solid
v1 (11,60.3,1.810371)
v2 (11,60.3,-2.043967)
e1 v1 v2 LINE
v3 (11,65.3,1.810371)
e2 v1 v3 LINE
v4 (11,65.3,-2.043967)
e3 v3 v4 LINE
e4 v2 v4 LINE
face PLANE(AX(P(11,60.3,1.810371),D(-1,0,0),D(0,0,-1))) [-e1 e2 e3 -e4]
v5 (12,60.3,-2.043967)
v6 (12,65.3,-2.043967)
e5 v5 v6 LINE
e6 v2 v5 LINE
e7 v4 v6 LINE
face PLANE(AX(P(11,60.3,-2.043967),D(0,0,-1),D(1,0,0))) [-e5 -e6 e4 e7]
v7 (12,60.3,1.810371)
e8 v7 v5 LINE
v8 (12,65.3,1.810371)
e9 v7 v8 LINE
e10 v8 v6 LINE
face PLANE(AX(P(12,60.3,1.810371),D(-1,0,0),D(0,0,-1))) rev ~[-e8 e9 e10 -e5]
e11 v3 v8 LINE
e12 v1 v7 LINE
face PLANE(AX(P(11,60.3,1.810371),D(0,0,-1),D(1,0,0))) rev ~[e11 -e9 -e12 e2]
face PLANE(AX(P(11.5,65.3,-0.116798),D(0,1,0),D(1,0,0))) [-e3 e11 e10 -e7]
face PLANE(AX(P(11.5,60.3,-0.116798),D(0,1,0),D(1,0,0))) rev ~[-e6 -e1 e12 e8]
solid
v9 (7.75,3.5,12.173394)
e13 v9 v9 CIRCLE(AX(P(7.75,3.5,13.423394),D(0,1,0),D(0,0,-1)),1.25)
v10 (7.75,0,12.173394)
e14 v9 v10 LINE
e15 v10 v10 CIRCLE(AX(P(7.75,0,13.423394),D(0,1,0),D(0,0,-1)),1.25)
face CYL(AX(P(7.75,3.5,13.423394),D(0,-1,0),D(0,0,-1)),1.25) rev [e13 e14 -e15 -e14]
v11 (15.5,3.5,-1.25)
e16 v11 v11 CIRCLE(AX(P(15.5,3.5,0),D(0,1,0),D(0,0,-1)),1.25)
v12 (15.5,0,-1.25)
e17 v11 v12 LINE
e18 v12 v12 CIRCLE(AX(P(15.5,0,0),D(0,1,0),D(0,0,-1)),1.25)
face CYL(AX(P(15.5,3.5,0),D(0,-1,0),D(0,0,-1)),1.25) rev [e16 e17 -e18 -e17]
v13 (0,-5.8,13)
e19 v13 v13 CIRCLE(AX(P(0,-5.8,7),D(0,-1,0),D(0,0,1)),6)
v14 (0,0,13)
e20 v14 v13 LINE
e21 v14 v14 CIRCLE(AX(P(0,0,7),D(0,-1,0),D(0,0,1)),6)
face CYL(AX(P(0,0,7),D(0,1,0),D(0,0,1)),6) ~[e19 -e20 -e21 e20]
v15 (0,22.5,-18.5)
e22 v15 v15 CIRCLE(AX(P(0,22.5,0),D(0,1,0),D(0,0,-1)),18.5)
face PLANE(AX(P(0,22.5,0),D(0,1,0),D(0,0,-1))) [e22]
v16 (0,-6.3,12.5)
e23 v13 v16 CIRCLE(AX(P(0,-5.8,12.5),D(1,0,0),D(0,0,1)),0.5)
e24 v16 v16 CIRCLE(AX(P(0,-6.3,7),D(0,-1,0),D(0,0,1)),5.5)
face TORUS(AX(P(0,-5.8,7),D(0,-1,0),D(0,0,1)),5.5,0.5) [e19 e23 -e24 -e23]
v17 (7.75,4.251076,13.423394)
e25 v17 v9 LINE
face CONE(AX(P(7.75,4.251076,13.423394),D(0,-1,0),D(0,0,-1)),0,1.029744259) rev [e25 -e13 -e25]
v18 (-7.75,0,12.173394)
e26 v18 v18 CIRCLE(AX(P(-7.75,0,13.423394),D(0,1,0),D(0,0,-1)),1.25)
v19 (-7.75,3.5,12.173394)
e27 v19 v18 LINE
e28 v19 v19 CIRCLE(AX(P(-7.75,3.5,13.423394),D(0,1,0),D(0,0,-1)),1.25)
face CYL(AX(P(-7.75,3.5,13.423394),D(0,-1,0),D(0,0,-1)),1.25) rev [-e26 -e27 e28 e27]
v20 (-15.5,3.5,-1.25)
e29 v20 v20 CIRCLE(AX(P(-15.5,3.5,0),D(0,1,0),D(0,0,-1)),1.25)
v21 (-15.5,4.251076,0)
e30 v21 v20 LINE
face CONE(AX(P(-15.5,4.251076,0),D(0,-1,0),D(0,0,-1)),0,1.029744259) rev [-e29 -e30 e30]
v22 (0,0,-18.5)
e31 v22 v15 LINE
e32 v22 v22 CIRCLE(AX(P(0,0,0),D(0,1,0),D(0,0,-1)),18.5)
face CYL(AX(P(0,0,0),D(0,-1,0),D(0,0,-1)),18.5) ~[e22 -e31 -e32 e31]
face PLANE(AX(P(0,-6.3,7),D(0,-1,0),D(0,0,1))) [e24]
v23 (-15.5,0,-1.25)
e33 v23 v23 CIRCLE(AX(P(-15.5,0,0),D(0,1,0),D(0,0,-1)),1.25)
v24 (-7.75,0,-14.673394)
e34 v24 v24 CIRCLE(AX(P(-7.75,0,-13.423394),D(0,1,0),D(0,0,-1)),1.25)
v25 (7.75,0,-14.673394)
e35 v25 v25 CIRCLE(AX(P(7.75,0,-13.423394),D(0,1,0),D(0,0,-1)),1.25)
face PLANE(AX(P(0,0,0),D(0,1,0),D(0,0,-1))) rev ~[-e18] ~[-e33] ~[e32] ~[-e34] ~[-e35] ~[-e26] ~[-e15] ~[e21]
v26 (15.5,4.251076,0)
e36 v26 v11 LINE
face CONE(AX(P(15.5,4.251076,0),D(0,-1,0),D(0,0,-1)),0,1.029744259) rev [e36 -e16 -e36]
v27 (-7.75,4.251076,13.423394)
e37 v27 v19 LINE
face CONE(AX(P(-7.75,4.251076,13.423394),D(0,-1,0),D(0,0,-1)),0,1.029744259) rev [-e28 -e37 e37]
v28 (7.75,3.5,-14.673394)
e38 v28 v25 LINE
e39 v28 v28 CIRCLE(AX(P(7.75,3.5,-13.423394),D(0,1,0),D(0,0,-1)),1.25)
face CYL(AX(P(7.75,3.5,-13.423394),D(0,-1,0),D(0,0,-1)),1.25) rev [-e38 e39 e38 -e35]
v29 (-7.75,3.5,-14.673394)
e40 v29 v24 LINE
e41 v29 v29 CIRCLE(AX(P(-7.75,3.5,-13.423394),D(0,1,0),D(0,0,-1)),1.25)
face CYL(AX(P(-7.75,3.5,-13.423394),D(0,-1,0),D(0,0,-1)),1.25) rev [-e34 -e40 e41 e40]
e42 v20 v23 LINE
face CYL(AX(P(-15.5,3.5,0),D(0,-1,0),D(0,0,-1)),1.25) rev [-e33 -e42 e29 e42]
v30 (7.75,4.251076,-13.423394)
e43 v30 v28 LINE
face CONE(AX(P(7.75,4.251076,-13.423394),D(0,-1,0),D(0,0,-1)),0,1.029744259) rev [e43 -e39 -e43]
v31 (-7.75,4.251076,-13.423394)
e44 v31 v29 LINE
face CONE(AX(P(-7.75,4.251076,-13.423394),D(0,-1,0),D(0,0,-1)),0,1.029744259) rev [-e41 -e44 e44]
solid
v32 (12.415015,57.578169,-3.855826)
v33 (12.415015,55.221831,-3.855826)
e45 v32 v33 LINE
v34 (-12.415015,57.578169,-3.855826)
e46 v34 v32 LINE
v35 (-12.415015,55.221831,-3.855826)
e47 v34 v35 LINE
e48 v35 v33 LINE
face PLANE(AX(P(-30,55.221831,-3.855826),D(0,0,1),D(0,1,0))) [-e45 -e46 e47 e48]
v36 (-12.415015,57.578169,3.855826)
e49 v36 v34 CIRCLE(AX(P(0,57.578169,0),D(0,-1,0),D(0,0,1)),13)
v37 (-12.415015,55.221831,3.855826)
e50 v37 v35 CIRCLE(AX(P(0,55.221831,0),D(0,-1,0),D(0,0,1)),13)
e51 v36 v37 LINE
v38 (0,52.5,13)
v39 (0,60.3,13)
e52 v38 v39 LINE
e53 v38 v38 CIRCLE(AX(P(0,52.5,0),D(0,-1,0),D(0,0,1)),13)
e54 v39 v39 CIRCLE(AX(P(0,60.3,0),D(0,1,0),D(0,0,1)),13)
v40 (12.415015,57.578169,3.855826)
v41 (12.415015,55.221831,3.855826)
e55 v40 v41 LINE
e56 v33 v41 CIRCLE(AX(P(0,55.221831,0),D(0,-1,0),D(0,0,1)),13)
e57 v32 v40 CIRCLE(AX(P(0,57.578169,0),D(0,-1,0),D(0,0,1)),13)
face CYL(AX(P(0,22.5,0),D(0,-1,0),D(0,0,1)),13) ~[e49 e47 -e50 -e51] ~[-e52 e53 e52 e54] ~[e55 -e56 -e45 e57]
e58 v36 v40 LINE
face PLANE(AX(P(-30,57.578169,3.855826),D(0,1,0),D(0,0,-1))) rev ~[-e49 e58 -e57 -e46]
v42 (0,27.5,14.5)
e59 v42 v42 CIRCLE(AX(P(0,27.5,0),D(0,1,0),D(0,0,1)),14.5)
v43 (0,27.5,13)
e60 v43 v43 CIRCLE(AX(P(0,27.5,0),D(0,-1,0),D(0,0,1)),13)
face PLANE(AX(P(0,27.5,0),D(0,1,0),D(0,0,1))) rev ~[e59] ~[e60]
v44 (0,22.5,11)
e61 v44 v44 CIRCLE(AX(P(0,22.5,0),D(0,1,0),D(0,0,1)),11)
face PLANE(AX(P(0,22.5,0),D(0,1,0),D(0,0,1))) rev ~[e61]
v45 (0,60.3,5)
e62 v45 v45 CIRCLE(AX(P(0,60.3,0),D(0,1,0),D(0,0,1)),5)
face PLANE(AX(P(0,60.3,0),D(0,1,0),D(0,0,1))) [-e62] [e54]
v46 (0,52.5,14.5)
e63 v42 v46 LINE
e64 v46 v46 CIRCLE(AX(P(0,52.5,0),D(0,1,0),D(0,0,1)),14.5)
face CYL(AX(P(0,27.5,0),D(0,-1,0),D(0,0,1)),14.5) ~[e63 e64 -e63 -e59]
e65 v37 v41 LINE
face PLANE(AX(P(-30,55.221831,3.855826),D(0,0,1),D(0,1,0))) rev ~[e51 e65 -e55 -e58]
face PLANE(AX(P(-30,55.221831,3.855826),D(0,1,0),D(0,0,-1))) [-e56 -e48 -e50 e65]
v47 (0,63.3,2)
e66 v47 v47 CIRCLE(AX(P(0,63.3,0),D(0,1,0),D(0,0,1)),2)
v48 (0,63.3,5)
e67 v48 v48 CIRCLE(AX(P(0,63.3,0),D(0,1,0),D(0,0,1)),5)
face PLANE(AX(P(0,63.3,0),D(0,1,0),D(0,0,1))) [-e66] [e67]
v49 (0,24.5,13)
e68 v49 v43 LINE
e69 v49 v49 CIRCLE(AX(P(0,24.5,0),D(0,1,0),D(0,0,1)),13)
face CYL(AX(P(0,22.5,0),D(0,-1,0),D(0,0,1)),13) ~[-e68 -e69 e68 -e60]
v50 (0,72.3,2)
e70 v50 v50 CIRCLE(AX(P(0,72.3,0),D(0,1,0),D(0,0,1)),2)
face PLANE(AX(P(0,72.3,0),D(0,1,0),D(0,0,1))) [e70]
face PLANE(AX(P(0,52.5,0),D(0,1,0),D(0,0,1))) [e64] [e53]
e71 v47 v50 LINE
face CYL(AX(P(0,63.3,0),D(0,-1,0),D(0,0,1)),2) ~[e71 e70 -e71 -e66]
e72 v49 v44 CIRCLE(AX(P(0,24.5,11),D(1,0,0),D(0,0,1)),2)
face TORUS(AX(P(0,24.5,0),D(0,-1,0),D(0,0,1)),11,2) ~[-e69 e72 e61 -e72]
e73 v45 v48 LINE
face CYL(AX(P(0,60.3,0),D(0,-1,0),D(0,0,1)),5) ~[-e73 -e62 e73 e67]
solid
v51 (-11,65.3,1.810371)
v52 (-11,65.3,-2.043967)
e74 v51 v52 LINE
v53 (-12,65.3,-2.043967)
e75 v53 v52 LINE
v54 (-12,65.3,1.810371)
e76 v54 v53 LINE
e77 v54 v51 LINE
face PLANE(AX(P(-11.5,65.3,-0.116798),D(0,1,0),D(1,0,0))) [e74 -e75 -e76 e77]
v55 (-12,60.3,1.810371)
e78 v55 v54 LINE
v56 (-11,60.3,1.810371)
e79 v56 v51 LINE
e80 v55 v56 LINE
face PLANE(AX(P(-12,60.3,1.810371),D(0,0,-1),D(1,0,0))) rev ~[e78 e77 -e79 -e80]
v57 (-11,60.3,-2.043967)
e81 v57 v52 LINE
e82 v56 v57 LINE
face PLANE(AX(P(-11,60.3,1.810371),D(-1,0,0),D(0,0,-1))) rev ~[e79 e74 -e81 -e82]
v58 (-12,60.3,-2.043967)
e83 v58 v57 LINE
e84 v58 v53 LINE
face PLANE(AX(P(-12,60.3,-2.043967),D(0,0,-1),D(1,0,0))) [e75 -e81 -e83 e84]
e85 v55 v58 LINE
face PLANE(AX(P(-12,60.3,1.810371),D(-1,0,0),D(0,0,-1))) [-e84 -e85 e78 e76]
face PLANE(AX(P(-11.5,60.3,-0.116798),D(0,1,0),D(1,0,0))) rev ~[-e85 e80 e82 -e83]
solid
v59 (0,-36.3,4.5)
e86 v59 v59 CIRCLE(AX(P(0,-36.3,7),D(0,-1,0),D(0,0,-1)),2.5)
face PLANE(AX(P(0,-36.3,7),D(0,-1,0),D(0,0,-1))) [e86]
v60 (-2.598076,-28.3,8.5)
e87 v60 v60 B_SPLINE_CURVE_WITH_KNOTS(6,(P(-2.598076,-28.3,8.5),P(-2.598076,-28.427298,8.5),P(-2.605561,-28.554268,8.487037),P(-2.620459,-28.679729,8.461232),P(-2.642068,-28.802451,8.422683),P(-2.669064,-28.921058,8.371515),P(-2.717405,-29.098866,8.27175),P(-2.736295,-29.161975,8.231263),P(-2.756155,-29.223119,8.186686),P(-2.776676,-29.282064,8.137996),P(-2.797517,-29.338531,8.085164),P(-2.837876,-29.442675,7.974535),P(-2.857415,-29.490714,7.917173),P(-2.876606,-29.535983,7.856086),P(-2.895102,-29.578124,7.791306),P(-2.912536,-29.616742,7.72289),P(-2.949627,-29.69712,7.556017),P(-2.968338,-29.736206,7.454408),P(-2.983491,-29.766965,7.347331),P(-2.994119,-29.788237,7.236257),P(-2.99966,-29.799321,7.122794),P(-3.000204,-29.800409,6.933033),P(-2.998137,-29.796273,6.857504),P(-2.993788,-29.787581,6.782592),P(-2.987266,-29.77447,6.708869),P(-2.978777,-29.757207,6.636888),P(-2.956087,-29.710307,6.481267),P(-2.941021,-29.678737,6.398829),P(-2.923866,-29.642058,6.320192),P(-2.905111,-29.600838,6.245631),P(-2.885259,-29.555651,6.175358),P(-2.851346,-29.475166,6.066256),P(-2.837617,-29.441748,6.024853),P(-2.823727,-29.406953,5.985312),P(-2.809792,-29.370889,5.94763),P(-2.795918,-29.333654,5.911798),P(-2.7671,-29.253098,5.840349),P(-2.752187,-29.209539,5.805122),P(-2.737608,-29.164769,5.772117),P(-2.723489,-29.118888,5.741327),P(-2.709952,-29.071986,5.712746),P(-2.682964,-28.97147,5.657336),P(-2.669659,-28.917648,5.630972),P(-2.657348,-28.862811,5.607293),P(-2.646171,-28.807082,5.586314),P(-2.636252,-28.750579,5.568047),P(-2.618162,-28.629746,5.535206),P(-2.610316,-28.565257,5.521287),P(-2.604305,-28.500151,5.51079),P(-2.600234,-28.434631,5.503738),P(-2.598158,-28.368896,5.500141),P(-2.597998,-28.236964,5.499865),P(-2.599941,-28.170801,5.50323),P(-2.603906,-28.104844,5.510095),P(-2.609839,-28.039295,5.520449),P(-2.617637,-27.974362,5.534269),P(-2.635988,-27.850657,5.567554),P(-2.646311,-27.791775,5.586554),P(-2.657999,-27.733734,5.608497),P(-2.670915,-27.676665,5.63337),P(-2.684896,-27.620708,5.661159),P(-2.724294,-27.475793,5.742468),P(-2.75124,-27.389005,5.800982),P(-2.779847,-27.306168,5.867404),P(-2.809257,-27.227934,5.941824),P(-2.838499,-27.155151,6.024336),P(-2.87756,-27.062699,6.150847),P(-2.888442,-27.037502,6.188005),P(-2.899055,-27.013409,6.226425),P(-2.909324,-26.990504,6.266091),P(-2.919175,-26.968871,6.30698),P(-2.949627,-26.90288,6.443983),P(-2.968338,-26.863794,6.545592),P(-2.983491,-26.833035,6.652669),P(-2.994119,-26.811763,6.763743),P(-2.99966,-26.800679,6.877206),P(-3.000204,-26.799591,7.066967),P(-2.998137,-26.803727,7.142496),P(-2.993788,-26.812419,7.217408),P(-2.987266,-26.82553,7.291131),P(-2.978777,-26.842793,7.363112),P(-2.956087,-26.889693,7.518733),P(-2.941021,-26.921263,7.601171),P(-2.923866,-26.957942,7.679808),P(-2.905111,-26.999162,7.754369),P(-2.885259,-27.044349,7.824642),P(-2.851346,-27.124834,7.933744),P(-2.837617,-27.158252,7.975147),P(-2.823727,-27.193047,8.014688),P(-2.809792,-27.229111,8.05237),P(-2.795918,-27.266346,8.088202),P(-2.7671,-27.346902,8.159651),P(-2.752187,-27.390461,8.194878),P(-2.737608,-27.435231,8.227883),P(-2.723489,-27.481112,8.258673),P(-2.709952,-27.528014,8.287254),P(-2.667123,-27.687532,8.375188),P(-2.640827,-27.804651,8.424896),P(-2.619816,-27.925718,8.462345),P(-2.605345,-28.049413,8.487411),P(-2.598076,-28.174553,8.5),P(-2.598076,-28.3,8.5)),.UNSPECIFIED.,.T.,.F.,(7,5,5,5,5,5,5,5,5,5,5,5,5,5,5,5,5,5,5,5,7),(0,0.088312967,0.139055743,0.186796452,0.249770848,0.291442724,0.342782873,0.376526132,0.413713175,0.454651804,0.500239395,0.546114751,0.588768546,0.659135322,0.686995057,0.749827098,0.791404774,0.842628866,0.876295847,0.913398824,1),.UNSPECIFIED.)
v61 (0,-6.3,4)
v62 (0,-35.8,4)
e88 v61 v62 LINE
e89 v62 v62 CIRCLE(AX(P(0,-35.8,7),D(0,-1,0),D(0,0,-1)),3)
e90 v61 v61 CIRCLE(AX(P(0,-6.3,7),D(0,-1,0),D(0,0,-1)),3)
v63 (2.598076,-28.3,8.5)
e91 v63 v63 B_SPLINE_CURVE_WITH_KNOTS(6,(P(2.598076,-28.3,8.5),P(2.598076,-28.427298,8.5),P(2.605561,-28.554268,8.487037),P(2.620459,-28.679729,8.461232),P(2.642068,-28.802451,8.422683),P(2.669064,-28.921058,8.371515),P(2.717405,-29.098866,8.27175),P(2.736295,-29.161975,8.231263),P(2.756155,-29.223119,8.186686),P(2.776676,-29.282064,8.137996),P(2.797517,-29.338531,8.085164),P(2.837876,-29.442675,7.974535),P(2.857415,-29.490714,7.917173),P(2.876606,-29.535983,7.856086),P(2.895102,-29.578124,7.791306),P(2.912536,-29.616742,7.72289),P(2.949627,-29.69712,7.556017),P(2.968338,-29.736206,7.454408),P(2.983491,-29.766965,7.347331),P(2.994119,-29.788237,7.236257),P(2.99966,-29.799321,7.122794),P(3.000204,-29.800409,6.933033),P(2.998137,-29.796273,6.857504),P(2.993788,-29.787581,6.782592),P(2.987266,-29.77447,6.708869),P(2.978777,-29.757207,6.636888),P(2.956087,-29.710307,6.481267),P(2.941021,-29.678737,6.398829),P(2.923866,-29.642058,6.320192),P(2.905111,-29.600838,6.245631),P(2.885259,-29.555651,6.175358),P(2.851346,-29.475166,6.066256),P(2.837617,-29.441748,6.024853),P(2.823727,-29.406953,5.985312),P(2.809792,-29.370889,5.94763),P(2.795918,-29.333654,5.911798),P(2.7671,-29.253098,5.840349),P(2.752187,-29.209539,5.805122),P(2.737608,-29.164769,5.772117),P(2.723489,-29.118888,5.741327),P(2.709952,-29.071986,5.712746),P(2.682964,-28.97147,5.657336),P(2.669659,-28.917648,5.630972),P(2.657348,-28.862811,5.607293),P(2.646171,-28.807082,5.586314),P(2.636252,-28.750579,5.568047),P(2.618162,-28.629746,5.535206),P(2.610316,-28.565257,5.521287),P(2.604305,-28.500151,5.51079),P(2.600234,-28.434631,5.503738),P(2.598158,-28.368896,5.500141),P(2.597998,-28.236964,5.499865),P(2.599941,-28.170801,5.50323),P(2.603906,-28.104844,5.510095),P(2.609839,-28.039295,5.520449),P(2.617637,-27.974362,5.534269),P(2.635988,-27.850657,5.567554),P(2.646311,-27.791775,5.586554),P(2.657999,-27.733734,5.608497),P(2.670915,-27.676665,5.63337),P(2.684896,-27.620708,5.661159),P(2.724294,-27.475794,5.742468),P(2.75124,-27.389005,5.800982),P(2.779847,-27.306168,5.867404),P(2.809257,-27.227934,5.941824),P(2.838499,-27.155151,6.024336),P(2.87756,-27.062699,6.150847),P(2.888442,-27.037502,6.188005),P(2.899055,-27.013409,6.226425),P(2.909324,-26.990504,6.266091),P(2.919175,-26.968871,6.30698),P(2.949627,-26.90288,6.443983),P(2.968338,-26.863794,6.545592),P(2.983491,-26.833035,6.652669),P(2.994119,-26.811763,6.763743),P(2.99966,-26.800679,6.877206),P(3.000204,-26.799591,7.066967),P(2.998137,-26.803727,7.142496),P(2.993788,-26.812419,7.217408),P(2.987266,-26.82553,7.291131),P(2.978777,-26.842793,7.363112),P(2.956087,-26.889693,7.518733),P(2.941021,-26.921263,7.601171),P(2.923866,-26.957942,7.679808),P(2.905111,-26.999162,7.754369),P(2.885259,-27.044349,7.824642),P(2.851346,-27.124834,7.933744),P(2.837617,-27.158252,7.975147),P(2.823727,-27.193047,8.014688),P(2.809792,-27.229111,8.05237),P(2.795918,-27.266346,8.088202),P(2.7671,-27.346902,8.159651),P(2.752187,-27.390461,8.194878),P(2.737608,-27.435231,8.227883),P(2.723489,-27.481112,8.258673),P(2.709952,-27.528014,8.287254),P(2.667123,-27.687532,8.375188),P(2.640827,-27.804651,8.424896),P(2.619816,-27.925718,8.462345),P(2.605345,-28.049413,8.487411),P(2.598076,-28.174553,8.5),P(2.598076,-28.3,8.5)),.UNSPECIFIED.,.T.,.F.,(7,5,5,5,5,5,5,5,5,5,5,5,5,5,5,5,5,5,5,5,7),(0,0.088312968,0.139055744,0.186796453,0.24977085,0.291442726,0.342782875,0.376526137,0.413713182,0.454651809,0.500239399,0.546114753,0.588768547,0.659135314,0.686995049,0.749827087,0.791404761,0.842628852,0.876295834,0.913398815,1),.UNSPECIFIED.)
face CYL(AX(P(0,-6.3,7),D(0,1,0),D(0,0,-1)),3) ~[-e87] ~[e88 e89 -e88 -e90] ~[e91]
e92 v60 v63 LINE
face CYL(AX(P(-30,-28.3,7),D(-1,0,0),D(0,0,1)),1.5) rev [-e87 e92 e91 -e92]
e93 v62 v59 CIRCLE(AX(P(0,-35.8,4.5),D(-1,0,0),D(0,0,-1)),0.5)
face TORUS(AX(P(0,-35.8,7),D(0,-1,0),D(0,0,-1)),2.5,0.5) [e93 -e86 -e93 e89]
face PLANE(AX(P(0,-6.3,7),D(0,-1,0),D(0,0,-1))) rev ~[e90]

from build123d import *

# Parameters (mm, degrees)
SKETCH1_R                  = 18.5
BOSS_EXTRUDE1_DEPTH        = 22.5
SKETCH2_R                  = 13
BOSS_EXTRUDE2_DEPTH        = 37.8
SKETCH3_R                  = 14.5
BOSS_EXTRUDE3_DEPTH        = 25
FILLET1_R                  = 2
SKETCH4_R                  = 6
BOSS_EXTRUDE4_DEPTH        = 6.3
FILLET2_R                  = 0.5
SKETCH5_R                  = 3
BOSS_EXTRUDE5_DEPTH        = 30
FILLET3_R                  = 0.5
CUT_EXTRUDE1_DEPTH         = 30
CUT_EXTRUDE1_DEPTH_BACK    = 30
SKETCH6_R                  = 1.5
CUT_EXTRUDE2_DEPTH         = 30
CUT_EXTRUDE2_DEPTH_BACK    = 30
SKETCH7_W                  = 7.711651184
SKETCH7_H                  = 2.356337862
SKETCH8_R                  = 5
BOSS_EXTRUDE6_DEPTH        = 3
SKETCH9_R                  = 2
BOSS_EXTRUDE7_DEPTH        = 9
SKETCH10_W                 = 1
SKETCH10_H                 = 3.854338548
BOSS_EXTRUDE8_DEPTH        = 5
BOSS_EXTRUDE8_2_DEPTH      = 5
M3_TAPPED_HOLE1_AT_2_COUNT = 2
M3_TAPPED_HOLE1_AT_2_PITCH = 15.5
M3_TAPPED_HOLE1_AT_3_COUNT = 2
M3_TAPPED_HOLE1_AT_3_PITCH = 26.846787517
M3_TAPPED_HOLE1_AT_4_COUNT = 2
M3_TAPPED_HOLE1_AT_4_PITCH = 31
M3_TAPPED_HOLE1_AT_5_COUNT = 2
M3_TAPPED_HOLE1_AT_5_PITCH = 26.846787517
M3_TAPPED_HOLE1_AT_6_COUNT = 2
M3_TAPPED_HOLE1_AT_6_PITCH = 15.5


with BuildPart() as part:
    # Sketch1 → Boss-Extrude1 (new body)
    with BuildSketch(Plane(origin=(0, 0, 0), x_dir=(1, 0, 0), z_dir=(0, 1, 0))):
        Circle(SKETCH1_R)
    extrude(amount=BOSS_EXTRUDE1_DEPTH)

    # Sketch4 → Boss-Extrude4 (add)
    with BuildSketch(Plane.XZ):
        with Locations((0, 7)):
            Circle(SKETCH4_R)
    extrude(amount=BOSS_EXTRUDE4_DEPTH)

    # Fillet2
    fillet2_edges = [part.edges().sort_by_distance(p)[0] for p in [
        (-6, -6.3, 7),
    ]]
    fillet(fillet2_edges, radius=FILLET2_R)

    # Sketch12 → M3 Tapped Hole1 (revolve, cut)
    with BuildSketch(Plane(origin=(-15.5, 0, 0), x_dir=(0, 0, -1), z_dir=(1, 0, 0))):
        Polygon((0, 0), (0, 4.251075774), (1.25, 3.5), (1.25, 0), align=None)
    m3_tapped_hole1 = revolve(axis=Axis((-15.5, -6.35, 0), (0, 1, 0)), mode=Mode.SUBTRACT)

    # M3 Tapped Hole1 at 2: M3 Tapped Hole1 ×2
    with Locations(*[Vector(0.5000000000000011, 0, 0.866025403784438) * (i * M3_TAPPED_HOLE1_AT_2_PITCH) for i in range(1, M3_TAPPED_HOLE1_AT_2_COUNT)]):
        add(m3_tapped_hole1, mode=Mode.SUBTRACT)

    # M3 Tapped Hole1 at 3: M3 Tapped Hole1 ×2
    with Locations(*[Vector(0.8660254037844397, 0, 0.4999999999999981) * (i * M3_TAPPED_HOLE1_AT_3_PITCH) for i in range(1, M3_TAPPED_HOLE1_AT_3_COUNT)]):
        add(m3_tapped_hole1, mode=Mode.SUBTRACT)

    # M3 Tapped Hole1 at 4: M3 Tapped Hole1 ×2
    with Locations(*[(i * M3_TAPPED_HOLE1_AT_4_PITCH, 0, 0) for i in range(1, M3_TAPPED_HOLE1_AT_4_COUNT)]):
        add(m3_tapped_hole1, mode=Mode.SUBTRACT)

    # M3 Tapped Hole1 at 5: M3 Tapped Hole1 ×2
    with Locations(*[Vector(0.8660254037844383, 0, -0.5000000000000007) * (i * M3_TAPPED_HOLE1_AT_5_PITCH) for i in range(1, M3_TAPPED_HOLE1_AT_5_COUNT)]):
        add(m3_tapped_hole1, mode=Mode.SUBTRACT)

    # M3 Tapped Hole1 at 6: M3 Tapped Hole1 ×2
    with Locations(*[Vector(0.49999999999999795, 0, -0.8660254037844399) * (i * M3_TAPPED_HOLE1_AT_6_PITCH) for i in range(1, M3_TAPPED_HOLE1_AT_6_COUNT)]):
        add(m3_tapped_hole1, mode=Mode.SUBTRACT)


with BuildPart() as body_2:
    # Sketch2 → Boss-Extrude2 (new body)
    with BuildSketch(Plane(origin=(0, 22.5, 0), x_dir=(1, 0, 0), z_dir=(0, 1, 0))):
        Circle(SKETCH2_R)
    extrude(amount=BOSS_EXTRUDE2_DEPTH)

    # Sketch3 → Boss-Extrude3 (add)
    with BuildSketch(Plane(origin=(0, 27.5, 0), x_dir=(1, 0, 0), z_dir=(0, 1, 0))):
        Circle(SKETCH3_R)
    extrude(amount=BOSS_EXTRUDE3_DEPTH)

    # Fillet1
    fillet1_edges = [body_2.edges().sort_by_distance(p)[0] for p in [
        (-13, 22.5, 0),
    ]]
    fillet(fillet1_edges, radius=FILLET1_R)

    # Sketch7 → Cut-Extrude2 (cut, two sides: drawn at the far end of the back side and taken through both)
    with BuildSketch(Plane(origin=(0, 0, 0), x_dir=(0, 0, -1), z_dir=(1, 0, 0)).offset(-CUT_EXTRUDE2_DEPTH_BACK)):
        with Locations((0, 56.4)):
            Rectangle(SKETCH7_W, SKETCH7_H)
    extrude(amount=CUT_EXTRUDE2_DEPTH + CUT_EXTRUDE2_DEPTH_BACK, mode=Mode.SUBTRACT)

    # Sketch8 → Boss-Extrude6 (add)
    with BuildSketch(Plane(origin=(0, 60.3, 0), x_dir=(1, 0, 0), z_dir=(0, 1, 0))):
        Circle(SKETCH8_R)
    extrude(amount=BOSS_EXTRUDE6_DEPTH)

    # Sketch9 → Boss-Extrude7 (add)
    with BuildSketch(Plane(origin=(0, 63.3, 0), x_dir=(1, 0, 0), z_dir=(0, 1, 0))):
        Circle(SKETCH9_R)
    extrude(amount=BOSS_EXTRUDE7_DEPTH)


with BuildPart() as body_3:
    # Sketch5 → Boss-Extrude5 (new body)
    with BuildSketch(Plane.XZ.offset(6.3)):
        with Locations((0, 7)):
            Circle(SKETCH5_R)
    extrude(amount=BOSS_EXTRUDE5_DEPTH)

    # Fillet3
    fillet3_edges = [body_3.edges().sort_by_distance(p)[0] for p in [
        (-3, -36.3, 7),
    ]]
    fillet(fillet3_edges, radius=FILLET3_R)

    # Sketch6 → Cut-Extrude1 (cut, two sides: drawn at the far end of the back side and taken through both)
    with BuildSketch(Plane(origin=(0, 0, 0), x_dir=(0, 0, -1), z_dir=(1, 0, 0)).offset(-CUT_EXTRUDE1_DEPTH_BACK)):
        with Locations((-7, -28.3)):
            Circle(SKETCH6_R)
    extrude(amount=CUT_EXTRUDE1_DEPTH + CUT_EXTRUDE1_DEPTH_BACK, mode=Mode.SUBTRACT)


with BuildPart() as body_4:
    # Sketch10 → Boss-Extrude8 (new body)
    with BuildSketch(Plane(origin=(0, 60.3, 0), x_dir=(1, 0, 0), z_dir=(0, 1, 0))):
        with Locations((11.5, 0.116798138)):
            Rectangle(SKETCH10_W, SKETCH10_H)
    extrude(amount=BOSS_EXTRUDE8_DEPTH)


with BuildPart() as body_5:
    # Sketch10 → Boss-Extrude8 2 (new body)
    with BuildSketch(Plane(origin=(0, 60.3, 0), x_dir=(1, 0, 0), z_dir=(0, 1, 0))):
        with Locations((-11.5, 0.116798138)):
            Rectangle(SKETCH10_W, SKETCH10_H)
    extrude(amount=BOSS_EXTRUDE8_2_DEPTH)


solid = Compound([part.part, body_2.part, body_3.part, body_4.part, body_5.part])
